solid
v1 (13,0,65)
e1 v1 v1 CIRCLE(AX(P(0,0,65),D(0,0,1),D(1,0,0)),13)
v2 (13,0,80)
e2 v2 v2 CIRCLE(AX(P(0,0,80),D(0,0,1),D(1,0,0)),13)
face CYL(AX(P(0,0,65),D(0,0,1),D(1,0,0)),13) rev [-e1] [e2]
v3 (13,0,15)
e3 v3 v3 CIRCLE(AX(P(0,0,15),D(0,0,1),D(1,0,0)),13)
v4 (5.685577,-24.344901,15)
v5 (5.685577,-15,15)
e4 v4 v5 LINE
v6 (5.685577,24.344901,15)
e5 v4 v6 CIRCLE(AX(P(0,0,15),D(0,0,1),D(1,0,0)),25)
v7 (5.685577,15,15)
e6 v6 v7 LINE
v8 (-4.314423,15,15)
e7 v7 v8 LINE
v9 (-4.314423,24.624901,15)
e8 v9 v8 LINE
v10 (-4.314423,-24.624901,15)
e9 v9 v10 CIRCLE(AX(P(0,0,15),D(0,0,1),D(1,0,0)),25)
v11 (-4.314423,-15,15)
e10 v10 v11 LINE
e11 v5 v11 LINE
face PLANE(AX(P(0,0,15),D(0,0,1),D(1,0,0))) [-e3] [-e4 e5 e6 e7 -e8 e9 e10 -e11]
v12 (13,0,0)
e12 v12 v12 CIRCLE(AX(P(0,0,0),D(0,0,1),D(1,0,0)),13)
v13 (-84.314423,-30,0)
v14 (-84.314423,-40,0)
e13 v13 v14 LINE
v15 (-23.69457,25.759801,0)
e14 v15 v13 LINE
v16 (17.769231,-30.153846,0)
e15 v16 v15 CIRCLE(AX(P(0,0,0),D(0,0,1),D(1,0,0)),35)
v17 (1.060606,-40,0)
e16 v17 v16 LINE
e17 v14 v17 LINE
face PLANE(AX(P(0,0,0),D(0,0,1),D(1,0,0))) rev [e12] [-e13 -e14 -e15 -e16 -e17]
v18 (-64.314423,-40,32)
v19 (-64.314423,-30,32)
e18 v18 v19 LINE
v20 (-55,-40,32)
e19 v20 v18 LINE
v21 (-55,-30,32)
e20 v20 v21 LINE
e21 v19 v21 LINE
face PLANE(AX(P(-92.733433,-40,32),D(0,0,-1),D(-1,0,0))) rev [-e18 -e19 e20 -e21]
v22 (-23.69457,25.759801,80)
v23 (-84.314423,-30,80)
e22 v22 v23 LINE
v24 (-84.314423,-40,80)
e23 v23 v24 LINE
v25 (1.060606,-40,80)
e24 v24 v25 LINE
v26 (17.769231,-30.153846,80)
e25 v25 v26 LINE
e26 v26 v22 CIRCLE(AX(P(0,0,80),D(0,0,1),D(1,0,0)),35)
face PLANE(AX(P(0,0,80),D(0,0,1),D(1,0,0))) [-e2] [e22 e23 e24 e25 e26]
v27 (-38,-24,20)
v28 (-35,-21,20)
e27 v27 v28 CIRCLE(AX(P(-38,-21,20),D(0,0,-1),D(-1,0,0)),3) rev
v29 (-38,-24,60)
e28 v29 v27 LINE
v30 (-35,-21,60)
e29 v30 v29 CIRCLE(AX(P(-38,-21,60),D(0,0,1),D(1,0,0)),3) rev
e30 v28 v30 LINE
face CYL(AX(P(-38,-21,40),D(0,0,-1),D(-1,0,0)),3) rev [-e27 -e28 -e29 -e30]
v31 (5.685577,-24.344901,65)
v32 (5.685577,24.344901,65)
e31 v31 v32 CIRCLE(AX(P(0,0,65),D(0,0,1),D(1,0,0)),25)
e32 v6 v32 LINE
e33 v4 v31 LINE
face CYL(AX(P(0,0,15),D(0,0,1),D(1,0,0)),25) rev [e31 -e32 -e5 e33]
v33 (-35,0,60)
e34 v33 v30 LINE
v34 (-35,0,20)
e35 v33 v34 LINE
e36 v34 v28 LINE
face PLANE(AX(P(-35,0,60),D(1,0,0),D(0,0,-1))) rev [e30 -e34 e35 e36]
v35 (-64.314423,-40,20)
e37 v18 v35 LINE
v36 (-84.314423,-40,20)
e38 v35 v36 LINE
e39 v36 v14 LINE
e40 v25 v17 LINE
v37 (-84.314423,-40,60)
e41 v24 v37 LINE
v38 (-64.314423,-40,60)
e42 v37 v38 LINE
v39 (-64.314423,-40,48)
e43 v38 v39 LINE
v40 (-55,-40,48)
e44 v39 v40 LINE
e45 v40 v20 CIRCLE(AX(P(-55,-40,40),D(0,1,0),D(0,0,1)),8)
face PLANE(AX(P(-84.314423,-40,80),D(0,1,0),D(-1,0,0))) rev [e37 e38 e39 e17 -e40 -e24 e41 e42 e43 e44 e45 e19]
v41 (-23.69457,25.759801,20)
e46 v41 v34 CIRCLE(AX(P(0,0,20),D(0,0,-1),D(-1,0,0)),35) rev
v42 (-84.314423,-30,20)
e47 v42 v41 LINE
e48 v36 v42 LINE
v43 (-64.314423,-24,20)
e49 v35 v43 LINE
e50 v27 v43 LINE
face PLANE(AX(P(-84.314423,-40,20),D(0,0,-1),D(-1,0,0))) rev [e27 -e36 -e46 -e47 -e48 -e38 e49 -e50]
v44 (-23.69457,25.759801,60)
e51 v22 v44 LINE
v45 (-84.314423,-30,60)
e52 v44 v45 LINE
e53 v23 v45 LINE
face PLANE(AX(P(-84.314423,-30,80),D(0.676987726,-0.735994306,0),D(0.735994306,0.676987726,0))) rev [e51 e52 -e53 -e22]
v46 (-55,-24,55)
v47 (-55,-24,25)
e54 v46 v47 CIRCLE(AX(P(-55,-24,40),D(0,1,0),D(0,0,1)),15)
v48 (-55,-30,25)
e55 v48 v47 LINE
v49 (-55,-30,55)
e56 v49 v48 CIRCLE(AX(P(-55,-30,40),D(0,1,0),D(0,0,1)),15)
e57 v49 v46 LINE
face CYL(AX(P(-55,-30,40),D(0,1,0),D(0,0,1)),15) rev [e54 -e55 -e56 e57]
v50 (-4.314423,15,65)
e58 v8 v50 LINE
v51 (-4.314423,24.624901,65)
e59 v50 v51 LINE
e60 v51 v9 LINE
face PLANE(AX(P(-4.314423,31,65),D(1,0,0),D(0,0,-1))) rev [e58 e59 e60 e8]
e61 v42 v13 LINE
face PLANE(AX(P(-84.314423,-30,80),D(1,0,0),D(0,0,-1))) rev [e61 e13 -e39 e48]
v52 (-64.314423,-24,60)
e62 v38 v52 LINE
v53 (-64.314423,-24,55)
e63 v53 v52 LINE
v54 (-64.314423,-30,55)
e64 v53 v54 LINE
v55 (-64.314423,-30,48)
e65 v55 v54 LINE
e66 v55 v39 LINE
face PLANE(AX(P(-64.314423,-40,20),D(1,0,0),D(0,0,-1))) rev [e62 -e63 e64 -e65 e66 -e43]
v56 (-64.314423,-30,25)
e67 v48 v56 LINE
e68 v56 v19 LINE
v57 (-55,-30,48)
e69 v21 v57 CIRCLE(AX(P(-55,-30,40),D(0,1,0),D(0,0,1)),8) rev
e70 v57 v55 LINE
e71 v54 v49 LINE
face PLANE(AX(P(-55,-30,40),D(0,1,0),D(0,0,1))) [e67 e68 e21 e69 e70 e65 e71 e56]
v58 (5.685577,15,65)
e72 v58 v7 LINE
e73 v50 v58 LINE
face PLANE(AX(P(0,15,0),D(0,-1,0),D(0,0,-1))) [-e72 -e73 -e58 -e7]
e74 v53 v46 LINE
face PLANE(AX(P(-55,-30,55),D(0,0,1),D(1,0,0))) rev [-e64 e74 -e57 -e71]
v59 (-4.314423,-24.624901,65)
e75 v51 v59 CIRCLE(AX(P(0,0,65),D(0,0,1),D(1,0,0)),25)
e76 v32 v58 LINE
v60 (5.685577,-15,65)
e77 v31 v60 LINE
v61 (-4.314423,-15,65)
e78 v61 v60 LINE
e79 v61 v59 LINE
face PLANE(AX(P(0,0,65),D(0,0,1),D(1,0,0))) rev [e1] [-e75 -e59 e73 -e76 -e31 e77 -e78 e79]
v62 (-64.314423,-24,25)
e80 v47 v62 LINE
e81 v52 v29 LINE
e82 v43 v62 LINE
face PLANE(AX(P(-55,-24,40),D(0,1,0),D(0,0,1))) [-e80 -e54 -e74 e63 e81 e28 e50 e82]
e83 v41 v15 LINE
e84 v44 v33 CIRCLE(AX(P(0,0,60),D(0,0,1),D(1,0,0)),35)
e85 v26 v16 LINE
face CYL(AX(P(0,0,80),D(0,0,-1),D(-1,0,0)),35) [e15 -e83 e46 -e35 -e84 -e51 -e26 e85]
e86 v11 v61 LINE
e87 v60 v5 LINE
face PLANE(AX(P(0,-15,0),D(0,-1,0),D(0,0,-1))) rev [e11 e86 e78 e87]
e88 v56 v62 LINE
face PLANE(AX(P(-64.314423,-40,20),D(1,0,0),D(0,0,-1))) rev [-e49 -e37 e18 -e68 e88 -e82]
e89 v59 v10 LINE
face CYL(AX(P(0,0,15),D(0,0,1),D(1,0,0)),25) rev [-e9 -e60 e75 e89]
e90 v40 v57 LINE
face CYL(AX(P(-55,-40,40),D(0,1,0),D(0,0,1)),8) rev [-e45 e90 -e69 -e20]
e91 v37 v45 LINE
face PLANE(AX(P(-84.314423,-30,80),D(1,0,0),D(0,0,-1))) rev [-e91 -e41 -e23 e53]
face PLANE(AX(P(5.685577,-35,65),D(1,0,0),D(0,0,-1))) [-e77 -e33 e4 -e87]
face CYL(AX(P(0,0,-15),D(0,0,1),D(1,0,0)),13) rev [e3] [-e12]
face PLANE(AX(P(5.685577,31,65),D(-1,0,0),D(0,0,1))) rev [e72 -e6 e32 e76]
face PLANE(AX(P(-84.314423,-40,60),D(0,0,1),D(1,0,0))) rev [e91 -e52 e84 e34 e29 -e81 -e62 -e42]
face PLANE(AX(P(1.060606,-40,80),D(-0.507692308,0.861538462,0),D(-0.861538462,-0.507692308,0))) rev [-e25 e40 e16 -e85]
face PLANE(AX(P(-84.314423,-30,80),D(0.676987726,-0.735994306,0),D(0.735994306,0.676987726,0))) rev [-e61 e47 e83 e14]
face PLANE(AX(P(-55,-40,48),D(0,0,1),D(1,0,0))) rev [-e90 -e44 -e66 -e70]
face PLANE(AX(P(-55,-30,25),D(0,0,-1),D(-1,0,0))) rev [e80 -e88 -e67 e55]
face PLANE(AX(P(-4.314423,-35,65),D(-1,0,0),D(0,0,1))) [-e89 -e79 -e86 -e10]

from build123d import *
from build123d.topology import SkipClean

# Parameters (mm, degrees)
EXTRUDE_1_DEPTH          = 80
SKETCH_2_R               = 13
CUT_EXTRUDE_2_DEPTH      = 15
CUT_EXTRUDE_START        = -15
SKETCH_4_R               = 13
CUT_EXTRUDE_3_DEPTH      = 15
CUT_EXTRUDE_4_DEPTH      = 123.918354375
CUT_EXTRUDE_4_DEPTH_BACK = 123.918354375
SKETCH_5_W               = 20
SKETCH_5_H               = 40
CUT_EXTRUDE_6_DEPTH      = 123.918354375
CUT_EXTRUDE_6_DEPTH_BACK = 24
CUT_EXTRUDE_7_DEPTH      = 131.345394404
CUT_EXTRUDE_8_DEPTH      = 32
CUT_EXTRUDE_8_DEPTH_BACK = 24
SKETCH_10_W              = 30
SKETCH_10_H              = 40
CUT_EXTRUDE_9_DEPTH      = 6
SKETCH_13_W              = 10.619852086
SKETCH_13_H              = 40
CUT_EXTRUDE_10_DEPTH     = 71
EXTRUDE_3_DEPTH          = 60
FILLET_1_R               = 3
SKETCH_14_R              = 25
CUT_EXTRUDE_11_DEPTH     = 50
CUT_EXTRUDE_START_2      = -95
SKETCH_16_R              = 13
CUT_EXTRUDE_12_DEPTH     = 95
SKETCH_17_W              = 10
SKETCH_17_H              = 50
EXTRUDE_4_DEPTH          = 16
SKETCH_20_W              = 10
SKETCH_20_H              = 50
EXTRUDE_5_DEPTH          = 20


with BuildPart() as part:
    # Эскиз1 → Бобышка-Вытянуть1 (new body)
    with BuildSketch(Plane.XY):
        with BuildLine():
            Line((-84.314422505, -30), (-23.694570419, 25.759800711))
            ThreePointArc((-23.694570419, 25.759800711), (28.113366731, 20.847988178), (17.769230769, -30.153846154))
            Line((17.769230769, -30.153846154), (1.060606061, -40))
            Line((1.060606061, -40), (-84.314422505, -40))
            Line((-84.314422505, -40), (-84.314422505, -30))
        make_face()
    extrude(amount=EXTRUDE_1_DEPTH)

    # Эскиз2 → Вырез-Вытянуть2 (cut)
    with BuildSketch(Plane.XY):
        Circle(SKETCH_2_R)
    extrude(amount=CUT_EXTRUDE_2_DEPTH, mode=Mode.SUBTRACT)

    # Эскиз4 → Вырез-Вытянуть3 (cut)
    with BuildSketch(Plane.XY.offset(80).offset(CUT_EXTRUDE_START)):
        Circle(SKETCH_4_R)
    extrude(amount=CUT_EXTRUDE_3_DEPTH, mode=Mode.SUBTRACT)

    # Эскиз5 → Вырез-Вытянуть4 (cut, two sides: drawn at the far end of the back side and taken through both)
    with BuildSketch(Plane(origin=(0, 0, 0), x_dir=(1, 0, 0), z_dir=(0, 1, 0)).offset(-CUT_EXTRUDE_4_DEPTH_BACK)):
        with Locations((-74.314422505, -40)):
            Rectangle(SKETCH_5_W, SKETCH_5_H)
    extrude(amount=CUT_EXTRUDE_4_DEPTH + CUT_EXTRUDE_4_DEPTH_BACK, mode=Mode.SUBTRACT)

    # Эскиз6 → Вырез-Вытянуть6 (cut, two sides: drawn at the far end of the back side and taken through both)
    with BuildSketch(Plane(origin=(0, 0, 0), x_dir=(1, 0, 0), z_dir=(0, 1, 0)).offset(-CUT_EXTRUDE_6_DEPTH_BACK)):
        with BuildLine():
            Line((-55, -25), (-84.314422505, -25))
            Line((-84.314422505, -25), (-84.314422505, -55))
            Line((-84.314422505, -55), (-55, -55))
            ThreePointArc((-55, -55), (-40, -40), (-55, -25))
        make_face()
    extrude(amount=CUT_EXTRUDE_6_DEPTH + CUT_EXTRUDE_6_DEPTH_BACK, mode=Mode.SUBTRACT)

    # Эскиз9 → Вырез-Вытянуть7 (cut, through all)
    with BuildSketch(Plane(origin=(0, -24, 0), x_dir=(1, 0, 0), z_dir=(0, 1, 0))):
        with BuildLine():
            Line((-55, -48), (-92.733432528, -48))
            Line((-92.733432528, -48), (-92.733432528, -32))
            Line((-92.733432528, -32), (-55, -32))
            ThreePointArc((-55, -32), (-47, -40), (-55, -48))
        make_face()
    extrude(amount=-CUT_EXTRUDE_7_DEPTH, mode=Mode.SUBTRACT)

    # Эскиз10 → Вырез-Вытянуть8 (cut, two sides: drawn at the far end of the back side and taken through both)
    with BuildSketch(Plane(origin=(0, 0, 0), x_dir=(1, 0, 0), z_dir=(0, 1, 0)).offset(-CUT_EXTRUDE_8_DEPTH_BACK)):
        with Locations((-49.314422505, -40)):
            Rectangle(SKETCH_10_W, SKETCH_10_H)
    extrude(amount=CUT_EXTRUDE_8_DEPTH + CUT_EXTRUDE_8_DEPTH_BACK, mode=Mode.SUBTRACT)

    # Эскиз11 → Вырез-Вытянуть9 (cut)
    with BuildSketch(Plane(origin=(0, -24, 0), x_dir=(1, 0, 0), z_dir=(0, 1, 0))):
        with BuildLine():
            Line((-55, -25), (-81.861005174, -25))
            Line((-81.861005174, -25), (-81.861005174, -55))
            Line((-81.861005174, -55), (-55, -55))
            ThreePointArc((-55, -55), (-40, -40), (-55, -25))
        make_face()
    extrude(amount=-CUT_EXTRUDE_9_DEPTH, mode=Mode.SUBTRACT)

    # Эскиз13 → Вырез-Вытянуть10 (cut)
    with BuildSketch(Plane(origin=(0, -24, 0), x_dir=(1, 0, 0), z_dir=(0, 1, 0))):
        with Locations((-29.004496462, -40)):
            Rectangle(SKETCH_13_W, SKETCH_13_H)
    extrude(amount=CUT_EXTRUDE_10_DEPTH, mode=Mode.SUBTRACT)

    # Эскиз12 → Бобышка-Вытянуть3 (add)
    with SkipClean():  # the faces are left unmerged after this step: merging them gives an invalid solid
        with BuildSketch(Plane.XY):
            with BuildLine():
                Line((-35, 0), (-35, -24))
                Line((-35, -24), (-25.475478406, -24))
                ThreePointArc((-25.475478406, -24), (32.53184397, 12.9104271), (-35, 0))
            make_face()
        extrude(amount=EXTRUDE_3_DEPTH)

    # Скругление1
    fillet_1_edges = [part.edges().sort_by_distance(p)[0] for p in [
        (-35, -24, 40),
    ]]
    fillet(fillet_1_edges, radius=FILLET_1_R)

    # Эскиз14 → Вырез-Вытянуть11 (cut)
    with SkipClean():  # the faces are left unmerged after this step: merging them gives an invalid solid
        with BuildSketch(Plane.XY.offset(65)):
            Circle(SKETCH_14_R)
        extrude(amount=-CUT_EXTRUDE_11_DEPTH, mode=Mode.SUBTRACT)

    # Эскиз16 → Вырез-Вытянуть12 (cut)
    with SkipClean():  # the faces are left unmerged after this step: merging them gives an invalid solid
        with BuildSketch(Plane.XY.offset(80).offset(CUT_EXTRUDE_START_2)):
            Circle(SKETCH_16_R)
        extrude(amount=CUT_EXTRUDE_12_DEPTH, mode=Mode.SUBTRACT)

    # Эскиз17 → Бобышка-Вытянуть4 (add)
    with SkipClean():  # the faces are left unmerged after this step: merging them gives an invalid solid
        with BuildSketch(Plane(origin=(0, 15, 0), x_dir=(1, 0, 0), z_dir=(0, 1, 0))):
            with Locations((0.685577495, -40)):
                Rectangle(SKETCH_17_W, SKETCH_17_H)
        extrude(amount=EXTRUDE_4_DEPTH)

    # Эскиз20 → Бобышка-Вытянуть5 (add)
    with SkipClean():  # the faces are left unmerged after this step: merging them gives an invalid solid
        with BuildSketch(Plane(origin=(0, -15, 0), x_dir=(1, 0, 0), z_dir=(0, 1, 0))):
            with Locations((0.685577495, -40)):
                Rectangle(SKETCH_20_W, SKETCH_20_H)
        extrude(amount=-EXTRUDE_5_DEPTH)


solid = part.part
